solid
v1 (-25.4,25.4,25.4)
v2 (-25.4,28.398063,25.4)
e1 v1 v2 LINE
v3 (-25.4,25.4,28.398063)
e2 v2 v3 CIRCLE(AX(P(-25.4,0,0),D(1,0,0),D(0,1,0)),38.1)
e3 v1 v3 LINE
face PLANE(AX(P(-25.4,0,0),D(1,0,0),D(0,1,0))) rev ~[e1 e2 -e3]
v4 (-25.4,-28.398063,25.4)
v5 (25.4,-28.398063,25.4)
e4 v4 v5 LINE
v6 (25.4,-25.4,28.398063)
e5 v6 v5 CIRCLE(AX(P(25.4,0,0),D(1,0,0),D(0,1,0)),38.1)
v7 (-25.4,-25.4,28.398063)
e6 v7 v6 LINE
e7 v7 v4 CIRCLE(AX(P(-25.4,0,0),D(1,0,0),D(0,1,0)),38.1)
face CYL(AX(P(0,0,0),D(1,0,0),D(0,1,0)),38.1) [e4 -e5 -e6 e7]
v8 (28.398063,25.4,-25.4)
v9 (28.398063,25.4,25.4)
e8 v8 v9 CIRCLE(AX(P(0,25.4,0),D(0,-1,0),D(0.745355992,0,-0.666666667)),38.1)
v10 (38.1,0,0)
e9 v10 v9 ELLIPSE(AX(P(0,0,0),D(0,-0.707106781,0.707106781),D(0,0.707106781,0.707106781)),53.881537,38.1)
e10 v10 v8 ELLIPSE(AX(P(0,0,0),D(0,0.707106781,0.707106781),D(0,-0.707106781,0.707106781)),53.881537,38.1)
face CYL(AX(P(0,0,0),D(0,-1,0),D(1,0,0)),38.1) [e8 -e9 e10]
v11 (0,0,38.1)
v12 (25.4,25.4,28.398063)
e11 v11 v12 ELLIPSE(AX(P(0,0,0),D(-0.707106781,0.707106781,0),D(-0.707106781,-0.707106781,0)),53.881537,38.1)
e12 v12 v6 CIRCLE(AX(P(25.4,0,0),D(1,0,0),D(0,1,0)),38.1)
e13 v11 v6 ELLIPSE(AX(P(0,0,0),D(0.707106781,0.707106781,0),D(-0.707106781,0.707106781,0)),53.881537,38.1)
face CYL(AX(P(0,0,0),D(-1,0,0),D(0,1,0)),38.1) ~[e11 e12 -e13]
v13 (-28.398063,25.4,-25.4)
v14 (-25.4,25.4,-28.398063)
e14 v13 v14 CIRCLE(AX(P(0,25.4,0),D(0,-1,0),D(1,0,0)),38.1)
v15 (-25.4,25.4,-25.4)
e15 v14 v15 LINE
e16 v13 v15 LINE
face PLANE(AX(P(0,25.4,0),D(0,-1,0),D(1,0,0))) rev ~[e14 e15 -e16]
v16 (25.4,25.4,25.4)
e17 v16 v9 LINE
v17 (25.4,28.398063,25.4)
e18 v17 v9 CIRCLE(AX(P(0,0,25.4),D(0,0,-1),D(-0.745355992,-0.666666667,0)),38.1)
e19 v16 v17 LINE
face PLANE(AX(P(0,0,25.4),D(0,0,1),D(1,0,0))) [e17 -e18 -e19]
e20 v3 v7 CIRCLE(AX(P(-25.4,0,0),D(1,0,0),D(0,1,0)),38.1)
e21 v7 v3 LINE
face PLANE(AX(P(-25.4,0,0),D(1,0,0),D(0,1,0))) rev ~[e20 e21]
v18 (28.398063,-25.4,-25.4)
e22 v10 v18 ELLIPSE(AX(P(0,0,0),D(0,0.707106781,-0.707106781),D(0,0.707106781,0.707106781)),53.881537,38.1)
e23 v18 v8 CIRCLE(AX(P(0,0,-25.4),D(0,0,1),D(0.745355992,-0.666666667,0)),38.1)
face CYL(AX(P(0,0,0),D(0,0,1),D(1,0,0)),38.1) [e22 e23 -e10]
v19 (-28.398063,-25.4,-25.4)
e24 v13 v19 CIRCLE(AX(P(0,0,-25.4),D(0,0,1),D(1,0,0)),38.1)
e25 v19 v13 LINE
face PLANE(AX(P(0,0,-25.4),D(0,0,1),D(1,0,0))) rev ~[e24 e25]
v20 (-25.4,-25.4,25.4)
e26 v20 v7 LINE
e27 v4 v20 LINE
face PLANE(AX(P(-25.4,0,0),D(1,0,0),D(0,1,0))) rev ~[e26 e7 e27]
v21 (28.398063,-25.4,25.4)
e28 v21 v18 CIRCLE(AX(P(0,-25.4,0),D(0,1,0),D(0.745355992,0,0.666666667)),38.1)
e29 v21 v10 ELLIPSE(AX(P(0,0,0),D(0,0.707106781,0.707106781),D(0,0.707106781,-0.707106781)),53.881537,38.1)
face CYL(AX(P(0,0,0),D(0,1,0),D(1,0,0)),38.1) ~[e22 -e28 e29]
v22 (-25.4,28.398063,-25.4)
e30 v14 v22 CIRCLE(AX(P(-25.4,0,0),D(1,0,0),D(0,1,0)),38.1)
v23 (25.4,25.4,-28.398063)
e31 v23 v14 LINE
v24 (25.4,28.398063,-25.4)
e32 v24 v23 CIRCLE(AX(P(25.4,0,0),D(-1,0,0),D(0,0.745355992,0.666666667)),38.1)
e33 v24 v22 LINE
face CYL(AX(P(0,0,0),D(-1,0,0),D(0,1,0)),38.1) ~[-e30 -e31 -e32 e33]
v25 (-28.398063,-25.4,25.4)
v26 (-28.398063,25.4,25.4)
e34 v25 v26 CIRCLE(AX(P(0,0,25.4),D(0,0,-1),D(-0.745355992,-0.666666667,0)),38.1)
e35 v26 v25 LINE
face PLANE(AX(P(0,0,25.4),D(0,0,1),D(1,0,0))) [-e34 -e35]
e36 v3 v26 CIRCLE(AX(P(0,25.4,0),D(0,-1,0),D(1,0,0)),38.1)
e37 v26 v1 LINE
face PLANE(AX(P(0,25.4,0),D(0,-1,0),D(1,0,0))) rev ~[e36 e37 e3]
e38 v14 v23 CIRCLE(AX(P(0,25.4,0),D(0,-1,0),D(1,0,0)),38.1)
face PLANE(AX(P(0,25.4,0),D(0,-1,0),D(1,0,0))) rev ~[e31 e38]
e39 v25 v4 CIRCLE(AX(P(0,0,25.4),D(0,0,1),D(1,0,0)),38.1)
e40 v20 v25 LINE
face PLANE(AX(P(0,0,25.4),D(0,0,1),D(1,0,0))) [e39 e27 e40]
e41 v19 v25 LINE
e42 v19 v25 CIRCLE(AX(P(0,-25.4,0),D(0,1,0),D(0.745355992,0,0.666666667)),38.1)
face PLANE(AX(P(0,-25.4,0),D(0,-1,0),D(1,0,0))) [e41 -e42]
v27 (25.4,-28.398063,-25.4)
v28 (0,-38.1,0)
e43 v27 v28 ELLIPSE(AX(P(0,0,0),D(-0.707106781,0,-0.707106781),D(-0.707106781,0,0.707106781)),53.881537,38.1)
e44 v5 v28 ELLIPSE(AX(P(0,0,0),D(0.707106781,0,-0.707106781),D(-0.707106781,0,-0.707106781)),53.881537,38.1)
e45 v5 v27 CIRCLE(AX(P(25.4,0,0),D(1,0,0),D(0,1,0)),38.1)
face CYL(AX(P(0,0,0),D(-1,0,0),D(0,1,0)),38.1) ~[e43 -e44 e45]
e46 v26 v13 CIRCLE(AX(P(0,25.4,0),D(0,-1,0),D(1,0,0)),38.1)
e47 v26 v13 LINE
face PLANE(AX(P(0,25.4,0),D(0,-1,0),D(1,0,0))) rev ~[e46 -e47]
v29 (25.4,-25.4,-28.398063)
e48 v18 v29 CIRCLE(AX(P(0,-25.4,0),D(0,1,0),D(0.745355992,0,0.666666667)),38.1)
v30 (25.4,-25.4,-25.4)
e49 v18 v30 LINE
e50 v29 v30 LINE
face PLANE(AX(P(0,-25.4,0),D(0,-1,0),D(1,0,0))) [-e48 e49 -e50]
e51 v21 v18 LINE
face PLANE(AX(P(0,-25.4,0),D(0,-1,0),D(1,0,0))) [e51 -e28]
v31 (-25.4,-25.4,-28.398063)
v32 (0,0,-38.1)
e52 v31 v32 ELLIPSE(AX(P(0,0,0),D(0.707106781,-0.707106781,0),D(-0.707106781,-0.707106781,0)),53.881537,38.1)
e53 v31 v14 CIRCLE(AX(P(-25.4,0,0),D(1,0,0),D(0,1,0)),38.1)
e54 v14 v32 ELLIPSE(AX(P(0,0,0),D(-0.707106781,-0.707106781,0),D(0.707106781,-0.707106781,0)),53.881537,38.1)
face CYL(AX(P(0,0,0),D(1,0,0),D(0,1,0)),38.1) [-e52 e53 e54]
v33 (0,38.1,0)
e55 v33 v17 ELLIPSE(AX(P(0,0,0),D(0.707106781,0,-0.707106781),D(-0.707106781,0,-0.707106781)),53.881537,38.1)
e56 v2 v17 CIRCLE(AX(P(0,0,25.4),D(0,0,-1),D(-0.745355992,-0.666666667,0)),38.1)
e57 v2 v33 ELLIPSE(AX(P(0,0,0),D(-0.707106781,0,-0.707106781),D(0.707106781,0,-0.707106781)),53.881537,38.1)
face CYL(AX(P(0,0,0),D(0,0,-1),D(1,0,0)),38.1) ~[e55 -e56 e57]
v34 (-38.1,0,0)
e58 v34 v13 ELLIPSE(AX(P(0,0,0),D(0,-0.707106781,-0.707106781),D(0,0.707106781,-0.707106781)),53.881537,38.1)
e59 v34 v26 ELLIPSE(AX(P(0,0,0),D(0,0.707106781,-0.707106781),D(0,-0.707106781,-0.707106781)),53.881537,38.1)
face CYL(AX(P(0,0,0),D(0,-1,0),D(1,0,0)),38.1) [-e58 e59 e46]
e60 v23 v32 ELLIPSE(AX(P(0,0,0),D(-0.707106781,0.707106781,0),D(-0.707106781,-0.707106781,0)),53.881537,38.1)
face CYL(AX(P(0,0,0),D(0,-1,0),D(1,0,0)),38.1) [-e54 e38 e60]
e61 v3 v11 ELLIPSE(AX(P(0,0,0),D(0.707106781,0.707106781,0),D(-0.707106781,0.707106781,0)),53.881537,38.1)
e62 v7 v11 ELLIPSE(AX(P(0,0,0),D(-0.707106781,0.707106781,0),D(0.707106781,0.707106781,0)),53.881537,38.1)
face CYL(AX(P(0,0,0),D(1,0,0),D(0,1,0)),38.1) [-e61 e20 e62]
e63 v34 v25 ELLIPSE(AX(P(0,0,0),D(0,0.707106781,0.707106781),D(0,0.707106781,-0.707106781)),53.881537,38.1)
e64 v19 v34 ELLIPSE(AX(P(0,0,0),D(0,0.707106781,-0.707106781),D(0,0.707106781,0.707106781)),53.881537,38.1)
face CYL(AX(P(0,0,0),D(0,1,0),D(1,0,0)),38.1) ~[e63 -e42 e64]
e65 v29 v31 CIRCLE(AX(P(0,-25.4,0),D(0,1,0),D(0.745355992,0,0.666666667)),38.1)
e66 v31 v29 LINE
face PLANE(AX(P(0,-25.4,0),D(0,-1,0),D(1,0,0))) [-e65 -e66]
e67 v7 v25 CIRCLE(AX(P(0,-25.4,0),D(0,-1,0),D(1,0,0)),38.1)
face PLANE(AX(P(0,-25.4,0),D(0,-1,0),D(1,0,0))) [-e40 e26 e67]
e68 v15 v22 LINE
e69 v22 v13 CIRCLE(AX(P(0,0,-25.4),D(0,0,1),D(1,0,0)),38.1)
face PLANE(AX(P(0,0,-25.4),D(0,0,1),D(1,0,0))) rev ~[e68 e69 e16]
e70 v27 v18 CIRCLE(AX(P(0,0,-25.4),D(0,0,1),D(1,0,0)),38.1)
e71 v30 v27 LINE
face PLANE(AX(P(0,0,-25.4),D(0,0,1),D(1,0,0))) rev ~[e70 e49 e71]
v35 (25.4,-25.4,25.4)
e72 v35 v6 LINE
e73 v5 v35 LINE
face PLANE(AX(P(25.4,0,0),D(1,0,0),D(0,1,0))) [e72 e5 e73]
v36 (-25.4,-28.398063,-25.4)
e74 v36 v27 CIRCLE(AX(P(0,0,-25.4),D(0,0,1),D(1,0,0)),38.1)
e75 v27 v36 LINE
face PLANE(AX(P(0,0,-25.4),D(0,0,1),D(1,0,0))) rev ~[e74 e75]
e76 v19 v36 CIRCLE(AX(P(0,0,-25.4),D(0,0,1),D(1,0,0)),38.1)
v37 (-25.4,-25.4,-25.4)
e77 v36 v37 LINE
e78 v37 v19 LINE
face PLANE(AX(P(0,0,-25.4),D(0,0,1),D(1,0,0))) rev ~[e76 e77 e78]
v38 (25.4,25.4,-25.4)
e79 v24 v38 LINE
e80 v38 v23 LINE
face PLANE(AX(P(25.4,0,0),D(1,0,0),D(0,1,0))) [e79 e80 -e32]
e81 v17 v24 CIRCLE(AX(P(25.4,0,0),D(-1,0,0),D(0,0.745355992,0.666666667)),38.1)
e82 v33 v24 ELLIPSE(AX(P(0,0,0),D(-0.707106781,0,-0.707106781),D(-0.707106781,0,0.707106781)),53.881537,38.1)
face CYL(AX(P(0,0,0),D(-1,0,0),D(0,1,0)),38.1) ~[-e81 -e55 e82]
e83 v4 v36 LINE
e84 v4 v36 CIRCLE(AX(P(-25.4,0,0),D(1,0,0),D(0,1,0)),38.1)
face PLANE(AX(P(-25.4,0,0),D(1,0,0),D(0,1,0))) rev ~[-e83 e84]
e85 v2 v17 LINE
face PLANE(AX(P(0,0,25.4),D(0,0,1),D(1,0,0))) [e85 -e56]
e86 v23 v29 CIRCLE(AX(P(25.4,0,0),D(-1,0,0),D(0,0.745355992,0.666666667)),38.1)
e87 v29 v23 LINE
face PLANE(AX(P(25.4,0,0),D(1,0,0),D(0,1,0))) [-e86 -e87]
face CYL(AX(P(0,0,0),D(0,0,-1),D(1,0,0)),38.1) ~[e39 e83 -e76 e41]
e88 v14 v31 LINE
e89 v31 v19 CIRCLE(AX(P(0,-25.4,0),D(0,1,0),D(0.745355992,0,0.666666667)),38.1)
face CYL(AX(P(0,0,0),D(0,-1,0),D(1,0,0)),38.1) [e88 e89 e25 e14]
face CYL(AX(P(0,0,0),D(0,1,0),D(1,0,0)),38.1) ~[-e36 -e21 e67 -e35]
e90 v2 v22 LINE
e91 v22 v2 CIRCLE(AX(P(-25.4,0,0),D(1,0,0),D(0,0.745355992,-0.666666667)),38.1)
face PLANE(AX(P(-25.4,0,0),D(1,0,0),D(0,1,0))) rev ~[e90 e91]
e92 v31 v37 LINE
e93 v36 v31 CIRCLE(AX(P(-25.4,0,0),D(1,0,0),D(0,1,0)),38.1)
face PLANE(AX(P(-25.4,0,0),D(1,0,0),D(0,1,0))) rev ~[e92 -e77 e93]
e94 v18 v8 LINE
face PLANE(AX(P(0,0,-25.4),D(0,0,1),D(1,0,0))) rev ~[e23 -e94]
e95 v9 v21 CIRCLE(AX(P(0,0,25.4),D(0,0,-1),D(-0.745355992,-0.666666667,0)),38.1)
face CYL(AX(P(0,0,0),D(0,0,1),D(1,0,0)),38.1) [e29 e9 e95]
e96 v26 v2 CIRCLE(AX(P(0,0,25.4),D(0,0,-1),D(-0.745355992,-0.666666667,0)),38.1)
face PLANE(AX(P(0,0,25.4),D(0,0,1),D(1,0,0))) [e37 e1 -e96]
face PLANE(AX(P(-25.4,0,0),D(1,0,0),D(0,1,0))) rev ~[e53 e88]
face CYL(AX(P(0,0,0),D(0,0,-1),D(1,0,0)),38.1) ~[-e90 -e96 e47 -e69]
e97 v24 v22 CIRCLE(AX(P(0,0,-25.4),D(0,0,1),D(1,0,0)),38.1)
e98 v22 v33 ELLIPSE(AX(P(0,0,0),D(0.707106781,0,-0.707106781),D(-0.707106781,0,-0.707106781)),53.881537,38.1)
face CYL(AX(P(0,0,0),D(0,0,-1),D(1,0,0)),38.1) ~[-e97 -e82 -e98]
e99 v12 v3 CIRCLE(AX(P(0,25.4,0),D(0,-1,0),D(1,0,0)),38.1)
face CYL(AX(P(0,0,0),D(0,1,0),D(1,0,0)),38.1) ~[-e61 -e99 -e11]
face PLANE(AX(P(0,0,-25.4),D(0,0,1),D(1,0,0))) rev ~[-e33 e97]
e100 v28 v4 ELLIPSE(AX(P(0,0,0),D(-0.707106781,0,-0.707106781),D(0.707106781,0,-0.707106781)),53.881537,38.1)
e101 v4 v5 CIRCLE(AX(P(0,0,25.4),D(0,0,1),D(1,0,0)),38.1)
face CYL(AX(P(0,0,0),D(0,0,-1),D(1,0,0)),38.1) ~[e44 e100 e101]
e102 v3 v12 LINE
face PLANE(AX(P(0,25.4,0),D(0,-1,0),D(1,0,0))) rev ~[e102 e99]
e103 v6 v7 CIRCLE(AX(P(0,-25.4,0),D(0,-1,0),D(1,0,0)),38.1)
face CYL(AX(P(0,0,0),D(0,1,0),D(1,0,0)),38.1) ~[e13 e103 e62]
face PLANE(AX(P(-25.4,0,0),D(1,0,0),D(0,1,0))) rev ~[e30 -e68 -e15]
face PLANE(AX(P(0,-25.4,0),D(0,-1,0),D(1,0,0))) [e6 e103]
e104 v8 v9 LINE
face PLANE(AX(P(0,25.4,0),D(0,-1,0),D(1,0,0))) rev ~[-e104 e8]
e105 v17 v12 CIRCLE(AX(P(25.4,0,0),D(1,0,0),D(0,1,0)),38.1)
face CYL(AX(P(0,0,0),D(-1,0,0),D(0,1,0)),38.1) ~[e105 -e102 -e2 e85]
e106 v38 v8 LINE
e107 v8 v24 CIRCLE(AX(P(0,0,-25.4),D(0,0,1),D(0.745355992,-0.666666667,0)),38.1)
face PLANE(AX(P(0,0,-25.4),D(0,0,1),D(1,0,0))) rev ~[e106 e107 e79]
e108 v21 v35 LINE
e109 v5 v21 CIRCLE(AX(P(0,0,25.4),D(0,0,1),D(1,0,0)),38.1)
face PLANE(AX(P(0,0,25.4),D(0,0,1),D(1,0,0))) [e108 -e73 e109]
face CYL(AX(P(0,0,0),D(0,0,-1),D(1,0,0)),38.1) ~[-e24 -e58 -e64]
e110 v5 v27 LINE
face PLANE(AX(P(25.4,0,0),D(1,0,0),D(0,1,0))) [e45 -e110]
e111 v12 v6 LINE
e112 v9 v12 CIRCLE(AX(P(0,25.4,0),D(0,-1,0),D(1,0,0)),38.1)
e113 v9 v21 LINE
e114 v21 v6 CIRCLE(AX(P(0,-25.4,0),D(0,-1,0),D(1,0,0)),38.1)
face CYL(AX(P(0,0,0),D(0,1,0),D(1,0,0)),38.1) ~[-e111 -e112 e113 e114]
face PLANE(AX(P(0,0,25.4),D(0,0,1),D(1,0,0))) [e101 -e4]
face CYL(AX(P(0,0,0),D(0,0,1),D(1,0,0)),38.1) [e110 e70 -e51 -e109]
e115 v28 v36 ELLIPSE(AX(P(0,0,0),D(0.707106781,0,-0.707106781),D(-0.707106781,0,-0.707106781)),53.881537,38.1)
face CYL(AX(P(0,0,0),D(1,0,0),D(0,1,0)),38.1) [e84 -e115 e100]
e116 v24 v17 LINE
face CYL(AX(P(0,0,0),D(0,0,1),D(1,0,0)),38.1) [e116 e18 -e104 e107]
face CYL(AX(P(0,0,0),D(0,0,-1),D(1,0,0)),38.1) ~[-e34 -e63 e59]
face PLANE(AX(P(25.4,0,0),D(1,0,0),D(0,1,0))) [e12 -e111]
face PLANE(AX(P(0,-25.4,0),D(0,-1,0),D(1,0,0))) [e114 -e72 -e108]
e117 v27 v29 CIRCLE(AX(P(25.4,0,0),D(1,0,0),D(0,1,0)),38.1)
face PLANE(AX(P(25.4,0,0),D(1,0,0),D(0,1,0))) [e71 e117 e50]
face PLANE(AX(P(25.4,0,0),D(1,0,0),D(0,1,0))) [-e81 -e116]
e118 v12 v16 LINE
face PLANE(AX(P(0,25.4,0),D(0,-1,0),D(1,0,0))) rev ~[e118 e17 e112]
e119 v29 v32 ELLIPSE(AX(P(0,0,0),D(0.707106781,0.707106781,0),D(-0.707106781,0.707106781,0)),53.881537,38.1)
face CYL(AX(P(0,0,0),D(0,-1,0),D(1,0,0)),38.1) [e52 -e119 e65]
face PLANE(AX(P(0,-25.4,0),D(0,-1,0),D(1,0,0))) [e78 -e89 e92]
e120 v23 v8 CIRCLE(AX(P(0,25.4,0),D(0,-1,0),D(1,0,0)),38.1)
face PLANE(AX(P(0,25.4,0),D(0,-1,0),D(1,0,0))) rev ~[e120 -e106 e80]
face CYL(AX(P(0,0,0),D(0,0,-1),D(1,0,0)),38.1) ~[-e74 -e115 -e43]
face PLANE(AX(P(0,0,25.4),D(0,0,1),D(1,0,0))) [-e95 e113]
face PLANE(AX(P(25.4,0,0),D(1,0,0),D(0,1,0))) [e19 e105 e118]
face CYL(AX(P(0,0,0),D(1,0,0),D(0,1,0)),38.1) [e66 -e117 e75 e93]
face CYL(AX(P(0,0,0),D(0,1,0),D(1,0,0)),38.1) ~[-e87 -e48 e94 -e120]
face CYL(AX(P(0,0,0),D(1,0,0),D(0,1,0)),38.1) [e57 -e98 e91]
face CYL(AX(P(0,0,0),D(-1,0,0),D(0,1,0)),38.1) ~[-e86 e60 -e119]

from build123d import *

# Parameters (mm, degrees)
F0_R      = 38.1
F1_DEPTH  = 25.4
F2_R      = 38.1
F3_DEPTH  = 25.4
F4_R      = 38.1
F5_DEPTH  = 25.4
F6_R      = 38.1
F7_DEPTH  = 25.4
F8_R      = 38.1
F9_DEPTH  = 25.4
F10_R     = 38.1
F11_DEPTH = 25.4


with BuildPart() as f1:
    # F0 (on Front) → F1 (new body)
    with BuildSketch(Plane.XZ):
        Circle(F0_R)
    extrude(amount=F1_DEPTH)

    # F2 (on Top) → F3 (join)
    with BuildSketch(Plane.XY):
        Circle(F2_R)
    extrude(amount=F3_DEPTH)

    # F4 (on Right) → F5 (join)
    with BuildSketch(Plane.YZ):
        Circle(F4_R)
    extrude(amount=F5_DEPTH)

    # F6 (on Top) → F7 (join)
    with BuildSketch(Plane.XY):
        Circle(F6_R)
    extrude(amount=-F7_DEPTH)

    # F8 (on Front) → F9 (join)
    with BuildSketch(Plane.XZ):
        Circle(F8_R)
    extrude(amount=-F9_DEPTH)

    # F10 (on Right) → F11 (join)
    with BuildSketch(Plane.YZ):
        Circle(F10_R)
    extrude(amount=-F11_DEPTH)


solid = f1.part
